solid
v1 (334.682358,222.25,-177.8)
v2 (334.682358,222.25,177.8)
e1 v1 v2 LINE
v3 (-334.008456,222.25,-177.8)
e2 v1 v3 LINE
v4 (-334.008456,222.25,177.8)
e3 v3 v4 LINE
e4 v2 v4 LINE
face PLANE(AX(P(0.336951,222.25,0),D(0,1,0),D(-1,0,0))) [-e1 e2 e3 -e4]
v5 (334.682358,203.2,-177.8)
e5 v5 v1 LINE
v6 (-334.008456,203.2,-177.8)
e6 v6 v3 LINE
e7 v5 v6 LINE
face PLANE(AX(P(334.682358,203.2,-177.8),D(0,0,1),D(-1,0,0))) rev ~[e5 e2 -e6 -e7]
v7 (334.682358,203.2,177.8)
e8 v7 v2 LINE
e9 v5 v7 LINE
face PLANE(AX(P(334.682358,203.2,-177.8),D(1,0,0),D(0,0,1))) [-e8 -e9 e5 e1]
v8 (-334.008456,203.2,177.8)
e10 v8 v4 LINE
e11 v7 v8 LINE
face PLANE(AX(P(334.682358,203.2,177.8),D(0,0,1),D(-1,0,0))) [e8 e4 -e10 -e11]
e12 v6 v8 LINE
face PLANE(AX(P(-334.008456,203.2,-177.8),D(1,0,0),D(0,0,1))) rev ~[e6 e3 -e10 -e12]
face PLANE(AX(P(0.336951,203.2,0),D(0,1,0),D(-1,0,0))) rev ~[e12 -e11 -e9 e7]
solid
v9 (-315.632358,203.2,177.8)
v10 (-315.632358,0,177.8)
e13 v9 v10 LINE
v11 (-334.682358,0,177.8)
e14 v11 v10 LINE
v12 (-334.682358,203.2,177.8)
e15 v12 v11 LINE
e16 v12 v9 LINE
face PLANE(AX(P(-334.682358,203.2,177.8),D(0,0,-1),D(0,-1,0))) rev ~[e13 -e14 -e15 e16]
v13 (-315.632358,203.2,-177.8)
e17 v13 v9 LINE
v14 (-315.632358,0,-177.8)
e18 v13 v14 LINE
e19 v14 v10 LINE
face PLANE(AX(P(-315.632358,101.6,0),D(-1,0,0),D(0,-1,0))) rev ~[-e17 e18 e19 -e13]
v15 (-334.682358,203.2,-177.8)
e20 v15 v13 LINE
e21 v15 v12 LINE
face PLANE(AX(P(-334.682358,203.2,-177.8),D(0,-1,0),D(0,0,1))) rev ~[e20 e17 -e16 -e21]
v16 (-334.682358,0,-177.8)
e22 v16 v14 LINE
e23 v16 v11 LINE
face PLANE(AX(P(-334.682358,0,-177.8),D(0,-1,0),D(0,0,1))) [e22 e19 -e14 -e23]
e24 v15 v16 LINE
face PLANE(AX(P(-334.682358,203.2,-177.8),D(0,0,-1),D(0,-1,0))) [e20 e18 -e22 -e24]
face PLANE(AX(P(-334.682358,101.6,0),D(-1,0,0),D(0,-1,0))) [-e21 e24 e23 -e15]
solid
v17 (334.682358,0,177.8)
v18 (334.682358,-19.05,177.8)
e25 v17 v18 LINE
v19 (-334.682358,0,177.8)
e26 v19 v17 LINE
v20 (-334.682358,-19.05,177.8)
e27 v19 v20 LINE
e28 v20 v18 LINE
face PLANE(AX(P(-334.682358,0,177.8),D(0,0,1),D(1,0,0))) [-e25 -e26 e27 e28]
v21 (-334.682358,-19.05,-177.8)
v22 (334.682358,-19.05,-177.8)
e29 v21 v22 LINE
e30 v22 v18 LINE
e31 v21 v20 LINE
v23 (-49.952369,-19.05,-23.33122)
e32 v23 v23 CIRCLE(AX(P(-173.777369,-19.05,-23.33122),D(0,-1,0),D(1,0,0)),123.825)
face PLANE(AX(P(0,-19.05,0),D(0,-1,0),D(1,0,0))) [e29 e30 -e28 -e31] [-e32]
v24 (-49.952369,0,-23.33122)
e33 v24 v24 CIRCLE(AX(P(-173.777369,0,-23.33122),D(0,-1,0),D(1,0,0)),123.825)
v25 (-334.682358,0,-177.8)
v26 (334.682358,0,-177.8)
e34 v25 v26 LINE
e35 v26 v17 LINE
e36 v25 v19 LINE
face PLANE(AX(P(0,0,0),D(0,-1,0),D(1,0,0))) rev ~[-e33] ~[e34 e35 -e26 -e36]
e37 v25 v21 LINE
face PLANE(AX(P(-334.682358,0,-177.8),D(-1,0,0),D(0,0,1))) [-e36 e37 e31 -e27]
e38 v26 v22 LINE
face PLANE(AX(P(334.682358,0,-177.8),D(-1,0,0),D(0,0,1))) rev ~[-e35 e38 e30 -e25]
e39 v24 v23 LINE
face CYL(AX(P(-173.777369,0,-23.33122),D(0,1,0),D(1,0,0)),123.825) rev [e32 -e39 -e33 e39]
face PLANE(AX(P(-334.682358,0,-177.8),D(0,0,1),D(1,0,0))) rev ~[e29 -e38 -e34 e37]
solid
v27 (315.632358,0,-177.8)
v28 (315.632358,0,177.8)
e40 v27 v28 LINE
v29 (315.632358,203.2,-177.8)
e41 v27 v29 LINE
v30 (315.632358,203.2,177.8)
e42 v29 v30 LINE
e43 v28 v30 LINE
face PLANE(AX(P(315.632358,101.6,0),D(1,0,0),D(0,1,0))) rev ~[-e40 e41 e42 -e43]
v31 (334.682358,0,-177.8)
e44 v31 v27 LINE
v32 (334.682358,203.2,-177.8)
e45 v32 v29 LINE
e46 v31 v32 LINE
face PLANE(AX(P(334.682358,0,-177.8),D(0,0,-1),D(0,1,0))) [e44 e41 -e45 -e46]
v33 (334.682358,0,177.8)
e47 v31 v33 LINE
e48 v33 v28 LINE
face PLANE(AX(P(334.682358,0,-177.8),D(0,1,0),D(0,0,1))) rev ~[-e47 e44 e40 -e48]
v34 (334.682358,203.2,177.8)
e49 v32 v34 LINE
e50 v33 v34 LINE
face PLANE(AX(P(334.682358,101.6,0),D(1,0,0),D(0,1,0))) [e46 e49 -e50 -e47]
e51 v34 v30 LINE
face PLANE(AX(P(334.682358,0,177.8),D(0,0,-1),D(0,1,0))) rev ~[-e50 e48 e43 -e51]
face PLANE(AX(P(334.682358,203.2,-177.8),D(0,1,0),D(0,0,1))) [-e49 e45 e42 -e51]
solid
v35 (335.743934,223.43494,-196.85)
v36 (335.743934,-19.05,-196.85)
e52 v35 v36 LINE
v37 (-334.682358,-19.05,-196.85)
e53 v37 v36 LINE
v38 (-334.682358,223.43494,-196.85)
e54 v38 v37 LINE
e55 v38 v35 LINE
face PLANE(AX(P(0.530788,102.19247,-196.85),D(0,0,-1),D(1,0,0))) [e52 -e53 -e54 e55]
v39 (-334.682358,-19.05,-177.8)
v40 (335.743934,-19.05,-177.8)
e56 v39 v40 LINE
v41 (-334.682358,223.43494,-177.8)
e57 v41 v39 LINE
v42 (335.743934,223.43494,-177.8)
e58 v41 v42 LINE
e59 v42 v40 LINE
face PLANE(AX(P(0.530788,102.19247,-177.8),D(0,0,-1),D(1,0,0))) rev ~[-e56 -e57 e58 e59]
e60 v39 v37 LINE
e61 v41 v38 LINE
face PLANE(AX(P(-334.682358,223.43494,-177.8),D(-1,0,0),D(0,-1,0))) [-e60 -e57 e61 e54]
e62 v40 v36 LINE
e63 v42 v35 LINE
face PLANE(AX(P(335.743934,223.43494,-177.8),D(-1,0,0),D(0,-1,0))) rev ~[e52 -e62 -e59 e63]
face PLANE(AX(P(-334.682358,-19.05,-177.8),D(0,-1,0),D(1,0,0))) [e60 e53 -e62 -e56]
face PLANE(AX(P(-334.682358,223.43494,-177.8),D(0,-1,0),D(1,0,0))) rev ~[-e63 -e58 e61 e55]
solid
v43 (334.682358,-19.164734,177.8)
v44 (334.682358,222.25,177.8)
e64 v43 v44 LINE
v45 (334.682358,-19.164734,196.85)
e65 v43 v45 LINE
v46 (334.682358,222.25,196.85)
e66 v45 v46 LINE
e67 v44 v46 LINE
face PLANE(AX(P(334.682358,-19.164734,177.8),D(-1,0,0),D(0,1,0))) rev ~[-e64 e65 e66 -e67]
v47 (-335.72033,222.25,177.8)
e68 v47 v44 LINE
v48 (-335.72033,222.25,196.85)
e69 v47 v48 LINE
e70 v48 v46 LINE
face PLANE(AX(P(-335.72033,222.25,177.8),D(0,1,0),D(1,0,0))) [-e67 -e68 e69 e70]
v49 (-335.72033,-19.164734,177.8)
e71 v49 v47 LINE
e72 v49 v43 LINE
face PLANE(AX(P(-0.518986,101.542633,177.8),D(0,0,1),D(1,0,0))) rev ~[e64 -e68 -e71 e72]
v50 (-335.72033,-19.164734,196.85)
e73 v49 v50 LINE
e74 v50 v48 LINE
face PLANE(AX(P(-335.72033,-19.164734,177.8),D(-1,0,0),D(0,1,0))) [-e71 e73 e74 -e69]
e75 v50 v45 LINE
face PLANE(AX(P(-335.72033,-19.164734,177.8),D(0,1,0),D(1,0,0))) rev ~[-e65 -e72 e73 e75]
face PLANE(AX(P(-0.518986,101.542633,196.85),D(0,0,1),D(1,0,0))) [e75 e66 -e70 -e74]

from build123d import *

# Parameters (mm, degrees)
F0_W      = 669.364716
F0_H      = 355.6
F0_R      = 123.825
F1_DEPTH  = 19.05
F2_W      = 203.2
F2_H      = 355.6
F3_DEPTH  = 19.05
F4_W      = 203.2
F4_H      = 355.6
F5_DEPTH  = 19.05
F6_W      = 668.690813
F6_H      = 355.6
F7_DEPTH  = 19.05
F8_W      = 670.426292
F8_H      = 242.48494
F9_DEPTH  = 19.05
F10_W     = 670.402688
F10_H     = 241.414734
F11_DEPTH = 19.05


with BuildPart() as f1:
    # F0 (on Front) → F1 (new body)
    with BuildSketch(Plane.XZ):
        Rectangle(F0_W, F0_H)
        with Locations((-173.777369, -23.33122)):
            Circle(F0_R, mode=Mode.SUBTRACT)
    extrude(amount=F1_DEPTH)


with BuildPart() as f3:
    # F2 (on face) → F3 (new body)
    with BuildSketch(Plane.YZ.offset(334.682358)):
        with Locations((101.6, 0)):
            Rectangle(F2_W, F2_H)
    extrude(amount=-F3_DEPTH)


with BuildPart() as f5:
    # F4 (on face) → F5 (new body)
    with BuildSketch(Plane(origin=(-334.682358, 0, 0), x_dir=(0, -1, 0), z_dir=(-1, 0, 0))):
        with Locations((-101.6, 0)):
            Rectangle(F4_W, F4_H)
    extrude(amount=-F5_DEPTH)


with BuildPart() as f7:
    # F6 (on face) → F7 (new body)
    with BuildSketch(Plane(origin=(0, 203.2, 0), x_dir=(-1, 0, 0), z_dir=(0, 1, 0))):
        with Locations((-0.336951, 0)):
            Rectangle(F6_W, F6_H)
    extrude(amount=F7_DEPTH)


with BuildPart() as f9:
    # F8 (on face) → F9 (new body)
    with BuildSketch(Plane(origin=(0, 0, -177.8), x_dir=(1, 0, 0), z_dir=(0, 0, -1))):
        with Locations((0.530788, -102.19247)):
            Rectangle(F8_W, F8_H)
    extrude(amount=F9_DEPTH)


with BuildPart() as f11:
    # F10 (on face) → F11 (new body)
    with BuildSketch(Plane.XY.offset(177.8)):
        with Locations((-0.518986, 101.542633)):
            Rectangle(F10_W, F10_H)
    extrude(amount=F11_DEPTH)


solid = Compound([f1.part, f3.part, f5.part, f7.part, f9.part, f11.part])
